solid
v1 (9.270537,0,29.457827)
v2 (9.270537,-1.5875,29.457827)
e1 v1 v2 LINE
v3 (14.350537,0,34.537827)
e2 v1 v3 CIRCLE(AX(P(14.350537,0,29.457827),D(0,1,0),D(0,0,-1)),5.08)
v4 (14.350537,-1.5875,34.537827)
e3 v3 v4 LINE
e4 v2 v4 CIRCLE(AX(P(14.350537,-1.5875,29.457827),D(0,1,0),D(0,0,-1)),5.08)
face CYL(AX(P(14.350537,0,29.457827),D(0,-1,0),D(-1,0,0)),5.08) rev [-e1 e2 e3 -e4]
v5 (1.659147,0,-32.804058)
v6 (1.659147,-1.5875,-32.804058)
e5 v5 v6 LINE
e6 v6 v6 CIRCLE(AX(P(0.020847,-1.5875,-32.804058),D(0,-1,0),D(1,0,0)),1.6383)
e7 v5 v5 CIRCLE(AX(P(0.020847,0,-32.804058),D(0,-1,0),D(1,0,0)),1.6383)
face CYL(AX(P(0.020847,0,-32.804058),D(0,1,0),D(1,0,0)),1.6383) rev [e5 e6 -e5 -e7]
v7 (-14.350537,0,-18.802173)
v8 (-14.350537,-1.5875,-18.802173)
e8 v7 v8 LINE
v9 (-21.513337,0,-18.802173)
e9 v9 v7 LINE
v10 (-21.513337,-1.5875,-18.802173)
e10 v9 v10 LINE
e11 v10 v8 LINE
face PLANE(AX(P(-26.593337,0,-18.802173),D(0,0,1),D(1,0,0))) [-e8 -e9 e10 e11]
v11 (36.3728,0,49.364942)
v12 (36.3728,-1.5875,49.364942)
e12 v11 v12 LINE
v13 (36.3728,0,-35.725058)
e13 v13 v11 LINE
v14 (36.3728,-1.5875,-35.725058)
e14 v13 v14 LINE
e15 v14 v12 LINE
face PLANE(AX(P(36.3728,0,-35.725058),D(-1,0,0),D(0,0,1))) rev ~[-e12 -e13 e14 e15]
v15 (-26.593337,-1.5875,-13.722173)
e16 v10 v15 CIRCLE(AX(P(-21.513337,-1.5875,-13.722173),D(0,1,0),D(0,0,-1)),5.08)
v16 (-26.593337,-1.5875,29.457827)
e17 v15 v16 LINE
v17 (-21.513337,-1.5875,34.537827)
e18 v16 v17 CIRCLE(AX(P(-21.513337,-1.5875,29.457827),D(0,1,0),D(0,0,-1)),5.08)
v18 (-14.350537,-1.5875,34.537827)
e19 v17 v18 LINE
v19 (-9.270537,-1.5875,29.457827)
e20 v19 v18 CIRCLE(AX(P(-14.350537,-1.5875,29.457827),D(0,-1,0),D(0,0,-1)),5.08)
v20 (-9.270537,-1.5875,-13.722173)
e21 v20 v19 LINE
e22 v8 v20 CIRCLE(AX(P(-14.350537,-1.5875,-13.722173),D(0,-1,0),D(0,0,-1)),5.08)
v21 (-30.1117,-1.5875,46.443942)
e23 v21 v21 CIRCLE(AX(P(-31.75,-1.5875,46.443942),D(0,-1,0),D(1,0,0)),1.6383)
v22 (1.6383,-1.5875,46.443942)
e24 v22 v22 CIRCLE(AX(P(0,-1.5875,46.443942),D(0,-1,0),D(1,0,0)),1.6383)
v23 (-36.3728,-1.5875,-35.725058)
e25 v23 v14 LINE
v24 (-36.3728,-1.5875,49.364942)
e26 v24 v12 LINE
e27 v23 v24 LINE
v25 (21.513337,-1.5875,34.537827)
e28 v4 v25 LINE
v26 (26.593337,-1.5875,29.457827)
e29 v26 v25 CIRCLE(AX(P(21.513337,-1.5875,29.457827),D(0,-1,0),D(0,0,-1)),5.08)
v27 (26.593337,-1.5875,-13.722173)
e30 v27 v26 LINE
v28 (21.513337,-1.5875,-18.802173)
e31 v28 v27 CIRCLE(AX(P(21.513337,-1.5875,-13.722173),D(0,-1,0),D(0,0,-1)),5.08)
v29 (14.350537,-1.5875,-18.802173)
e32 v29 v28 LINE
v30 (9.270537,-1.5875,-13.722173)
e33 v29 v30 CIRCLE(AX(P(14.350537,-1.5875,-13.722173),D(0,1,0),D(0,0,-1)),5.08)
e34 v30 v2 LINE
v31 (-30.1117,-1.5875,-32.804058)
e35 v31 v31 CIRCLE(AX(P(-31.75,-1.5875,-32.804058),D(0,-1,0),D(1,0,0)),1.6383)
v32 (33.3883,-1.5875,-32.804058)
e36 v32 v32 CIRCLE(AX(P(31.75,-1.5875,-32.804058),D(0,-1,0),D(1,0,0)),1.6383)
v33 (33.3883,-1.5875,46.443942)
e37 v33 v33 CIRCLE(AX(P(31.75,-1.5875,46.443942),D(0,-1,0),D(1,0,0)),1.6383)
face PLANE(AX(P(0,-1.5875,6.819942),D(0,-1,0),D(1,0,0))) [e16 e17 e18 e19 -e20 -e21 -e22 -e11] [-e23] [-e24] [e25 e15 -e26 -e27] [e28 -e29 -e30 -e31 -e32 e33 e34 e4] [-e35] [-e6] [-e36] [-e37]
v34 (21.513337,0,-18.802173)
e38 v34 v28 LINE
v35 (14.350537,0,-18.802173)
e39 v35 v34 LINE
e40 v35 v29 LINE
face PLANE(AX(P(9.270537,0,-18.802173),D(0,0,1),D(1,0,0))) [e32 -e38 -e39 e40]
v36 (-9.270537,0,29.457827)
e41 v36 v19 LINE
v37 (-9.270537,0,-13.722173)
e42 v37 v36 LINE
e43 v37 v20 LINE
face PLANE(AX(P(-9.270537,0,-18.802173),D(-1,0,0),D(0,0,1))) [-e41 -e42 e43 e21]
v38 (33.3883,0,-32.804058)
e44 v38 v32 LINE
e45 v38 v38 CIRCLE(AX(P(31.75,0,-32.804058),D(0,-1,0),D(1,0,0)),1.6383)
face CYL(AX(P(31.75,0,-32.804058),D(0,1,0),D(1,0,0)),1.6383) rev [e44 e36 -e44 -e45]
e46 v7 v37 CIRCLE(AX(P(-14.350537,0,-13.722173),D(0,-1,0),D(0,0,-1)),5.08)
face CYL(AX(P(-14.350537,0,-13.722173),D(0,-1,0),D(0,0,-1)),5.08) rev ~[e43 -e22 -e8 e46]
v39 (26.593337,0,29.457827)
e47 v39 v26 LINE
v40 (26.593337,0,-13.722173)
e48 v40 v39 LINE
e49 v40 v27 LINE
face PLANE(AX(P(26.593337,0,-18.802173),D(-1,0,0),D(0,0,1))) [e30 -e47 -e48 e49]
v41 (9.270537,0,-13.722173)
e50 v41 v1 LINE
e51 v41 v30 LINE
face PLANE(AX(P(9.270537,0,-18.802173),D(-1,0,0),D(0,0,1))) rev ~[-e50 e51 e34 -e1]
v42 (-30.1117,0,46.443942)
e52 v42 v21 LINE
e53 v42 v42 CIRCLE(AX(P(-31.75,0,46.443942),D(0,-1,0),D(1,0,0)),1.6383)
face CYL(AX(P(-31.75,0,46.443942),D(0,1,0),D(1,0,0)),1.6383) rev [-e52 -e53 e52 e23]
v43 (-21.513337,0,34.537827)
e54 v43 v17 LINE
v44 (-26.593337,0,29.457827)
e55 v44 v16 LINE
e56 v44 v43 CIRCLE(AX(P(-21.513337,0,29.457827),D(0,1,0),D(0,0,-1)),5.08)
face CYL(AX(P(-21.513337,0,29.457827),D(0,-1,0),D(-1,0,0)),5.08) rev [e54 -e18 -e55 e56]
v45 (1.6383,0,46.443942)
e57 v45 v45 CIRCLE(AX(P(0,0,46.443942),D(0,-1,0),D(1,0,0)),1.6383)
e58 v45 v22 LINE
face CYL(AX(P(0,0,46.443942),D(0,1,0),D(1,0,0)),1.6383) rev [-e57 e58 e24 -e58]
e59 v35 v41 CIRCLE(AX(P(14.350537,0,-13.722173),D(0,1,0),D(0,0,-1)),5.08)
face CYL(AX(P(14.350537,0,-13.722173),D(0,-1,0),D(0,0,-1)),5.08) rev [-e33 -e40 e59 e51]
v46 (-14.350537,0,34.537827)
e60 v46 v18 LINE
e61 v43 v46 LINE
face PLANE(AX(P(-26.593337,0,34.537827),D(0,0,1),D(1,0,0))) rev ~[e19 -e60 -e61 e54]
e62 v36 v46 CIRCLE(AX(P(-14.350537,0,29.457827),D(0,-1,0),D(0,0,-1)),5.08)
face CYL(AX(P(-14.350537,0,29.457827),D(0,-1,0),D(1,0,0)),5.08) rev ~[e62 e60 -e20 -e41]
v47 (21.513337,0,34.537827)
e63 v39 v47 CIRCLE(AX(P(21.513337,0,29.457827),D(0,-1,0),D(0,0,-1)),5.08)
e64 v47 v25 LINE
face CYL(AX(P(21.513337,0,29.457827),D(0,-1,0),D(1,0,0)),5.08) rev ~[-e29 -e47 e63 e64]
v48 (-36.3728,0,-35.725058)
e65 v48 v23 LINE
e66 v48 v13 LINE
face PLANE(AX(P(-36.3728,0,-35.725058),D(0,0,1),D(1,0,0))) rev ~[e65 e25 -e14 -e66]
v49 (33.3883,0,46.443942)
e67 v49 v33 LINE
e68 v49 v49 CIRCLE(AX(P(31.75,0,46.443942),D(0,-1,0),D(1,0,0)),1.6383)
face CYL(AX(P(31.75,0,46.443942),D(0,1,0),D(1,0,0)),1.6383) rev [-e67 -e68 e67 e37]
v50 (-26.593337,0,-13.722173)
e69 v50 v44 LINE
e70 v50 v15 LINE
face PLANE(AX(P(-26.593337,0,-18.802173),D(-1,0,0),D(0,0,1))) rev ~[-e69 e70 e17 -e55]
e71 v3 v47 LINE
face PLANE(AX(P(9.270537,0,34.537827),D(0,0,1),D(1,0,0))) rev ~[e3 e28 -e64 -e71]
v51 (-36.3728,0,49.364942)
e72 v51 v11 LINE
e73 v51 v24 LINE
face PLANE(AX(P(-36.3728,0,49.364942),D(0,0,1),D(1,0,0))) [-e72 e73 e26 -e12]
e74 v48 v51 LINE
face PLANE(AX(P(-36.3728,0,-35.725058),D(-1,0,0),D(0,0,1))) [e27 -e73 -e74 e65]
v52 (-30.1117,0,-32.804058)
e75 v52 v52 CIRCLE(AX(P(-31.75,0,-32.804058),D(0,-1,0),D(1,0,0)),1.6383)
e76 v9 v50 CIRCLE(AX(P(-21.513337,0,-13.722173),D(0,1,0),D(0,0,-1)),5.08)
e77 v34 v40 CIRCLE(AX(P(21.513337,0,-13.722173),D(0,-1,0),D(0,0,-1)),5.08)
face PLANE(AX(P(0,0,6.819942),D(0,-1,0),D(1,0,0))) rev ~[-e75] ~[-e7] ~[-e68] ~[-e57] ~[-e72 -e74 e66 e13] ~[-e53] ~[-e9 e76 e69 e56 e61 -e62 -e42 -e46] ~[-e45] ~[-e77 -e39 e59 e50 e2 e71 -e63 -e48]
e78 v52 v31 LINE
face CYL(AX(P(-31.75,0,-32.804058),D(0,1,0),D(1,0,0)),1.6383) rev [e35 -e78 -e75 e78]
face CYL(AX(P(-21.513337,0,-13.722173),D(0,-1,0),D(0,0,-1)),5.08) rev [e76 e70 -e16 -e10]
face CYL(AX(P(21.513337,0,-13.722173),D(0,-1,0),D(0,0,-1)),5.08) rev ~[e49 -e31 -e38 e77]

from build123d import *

# Parameters (mm, degrees)
F0_W     = 72.7456
F0_H     = 85.09
F0_R     = 1.6383
F0_W_2   = 17.3228
F0_H_2   = 53.34
F1_DEPTH = 1.5875
F2_R     = 5.08


with BuildPart() as f1:
    # F0 (on Front) → F1 (new body)
    with BuildSketch(Plane.XZ):
        with Locations((0, 6.819942)):
            Rectangle(F0_W, F0_H)
        with Locations((-31.75, -32.804058)):
            Circle(F0_R, mode=Mode.SUBTRACT)
        with Locations((0.020847, -32.804058)):
            Circle(F0_R, mode=Mode.SUBTRACT)
        with Locations((31.75, -32.804058)):
            Circle(F0_R, mode=Mode.SUBTRACT)
        with Locations((-17.931937, 7.867827)):
            Rectangle(F0_W_2, F0_H_2, mode=Mode.SUBTRACT)
        with Locations((-31.75, 46.443942)):
            Circle(F0_R, mode=Mode.SUBTRACT)
        with Locations((0, 46.443942)):
            Circle(F0_R, mode=Mode.SUBTRACT)
        with Locations((17.931937, 7.867827)):
            Rectangle(F0_W_2, F0_H_2, mode=Mode.SUBTRACT)
        with Locations((31.75, 46.443942)):
            Circle(F0_R, mode=Mode.SUBTRACT)
    extrude(amount=F1_DEPTH)

    # F2
    f2_edges = [f1.edges().sort_by_distance(p)[0] for p in [
        (-26.593337, -0.79375, 34.537827),
        (-9.270537, -0.79375, 34.537827),
        (26.593337, -0.79375, -18.802173),
        (9.270537, -0.79375, -18.802173),
        (9.270537, -0.79375, 34.537827),
        (26.593337, -0.79375, 34.537827),
        (-9.270537, -0.79375, -18.802173),
        (-26.593337, -0.79375, -18.802173),
    ]]
    fillet(f2_edges, radius=F2_R)


solid = f1.part
